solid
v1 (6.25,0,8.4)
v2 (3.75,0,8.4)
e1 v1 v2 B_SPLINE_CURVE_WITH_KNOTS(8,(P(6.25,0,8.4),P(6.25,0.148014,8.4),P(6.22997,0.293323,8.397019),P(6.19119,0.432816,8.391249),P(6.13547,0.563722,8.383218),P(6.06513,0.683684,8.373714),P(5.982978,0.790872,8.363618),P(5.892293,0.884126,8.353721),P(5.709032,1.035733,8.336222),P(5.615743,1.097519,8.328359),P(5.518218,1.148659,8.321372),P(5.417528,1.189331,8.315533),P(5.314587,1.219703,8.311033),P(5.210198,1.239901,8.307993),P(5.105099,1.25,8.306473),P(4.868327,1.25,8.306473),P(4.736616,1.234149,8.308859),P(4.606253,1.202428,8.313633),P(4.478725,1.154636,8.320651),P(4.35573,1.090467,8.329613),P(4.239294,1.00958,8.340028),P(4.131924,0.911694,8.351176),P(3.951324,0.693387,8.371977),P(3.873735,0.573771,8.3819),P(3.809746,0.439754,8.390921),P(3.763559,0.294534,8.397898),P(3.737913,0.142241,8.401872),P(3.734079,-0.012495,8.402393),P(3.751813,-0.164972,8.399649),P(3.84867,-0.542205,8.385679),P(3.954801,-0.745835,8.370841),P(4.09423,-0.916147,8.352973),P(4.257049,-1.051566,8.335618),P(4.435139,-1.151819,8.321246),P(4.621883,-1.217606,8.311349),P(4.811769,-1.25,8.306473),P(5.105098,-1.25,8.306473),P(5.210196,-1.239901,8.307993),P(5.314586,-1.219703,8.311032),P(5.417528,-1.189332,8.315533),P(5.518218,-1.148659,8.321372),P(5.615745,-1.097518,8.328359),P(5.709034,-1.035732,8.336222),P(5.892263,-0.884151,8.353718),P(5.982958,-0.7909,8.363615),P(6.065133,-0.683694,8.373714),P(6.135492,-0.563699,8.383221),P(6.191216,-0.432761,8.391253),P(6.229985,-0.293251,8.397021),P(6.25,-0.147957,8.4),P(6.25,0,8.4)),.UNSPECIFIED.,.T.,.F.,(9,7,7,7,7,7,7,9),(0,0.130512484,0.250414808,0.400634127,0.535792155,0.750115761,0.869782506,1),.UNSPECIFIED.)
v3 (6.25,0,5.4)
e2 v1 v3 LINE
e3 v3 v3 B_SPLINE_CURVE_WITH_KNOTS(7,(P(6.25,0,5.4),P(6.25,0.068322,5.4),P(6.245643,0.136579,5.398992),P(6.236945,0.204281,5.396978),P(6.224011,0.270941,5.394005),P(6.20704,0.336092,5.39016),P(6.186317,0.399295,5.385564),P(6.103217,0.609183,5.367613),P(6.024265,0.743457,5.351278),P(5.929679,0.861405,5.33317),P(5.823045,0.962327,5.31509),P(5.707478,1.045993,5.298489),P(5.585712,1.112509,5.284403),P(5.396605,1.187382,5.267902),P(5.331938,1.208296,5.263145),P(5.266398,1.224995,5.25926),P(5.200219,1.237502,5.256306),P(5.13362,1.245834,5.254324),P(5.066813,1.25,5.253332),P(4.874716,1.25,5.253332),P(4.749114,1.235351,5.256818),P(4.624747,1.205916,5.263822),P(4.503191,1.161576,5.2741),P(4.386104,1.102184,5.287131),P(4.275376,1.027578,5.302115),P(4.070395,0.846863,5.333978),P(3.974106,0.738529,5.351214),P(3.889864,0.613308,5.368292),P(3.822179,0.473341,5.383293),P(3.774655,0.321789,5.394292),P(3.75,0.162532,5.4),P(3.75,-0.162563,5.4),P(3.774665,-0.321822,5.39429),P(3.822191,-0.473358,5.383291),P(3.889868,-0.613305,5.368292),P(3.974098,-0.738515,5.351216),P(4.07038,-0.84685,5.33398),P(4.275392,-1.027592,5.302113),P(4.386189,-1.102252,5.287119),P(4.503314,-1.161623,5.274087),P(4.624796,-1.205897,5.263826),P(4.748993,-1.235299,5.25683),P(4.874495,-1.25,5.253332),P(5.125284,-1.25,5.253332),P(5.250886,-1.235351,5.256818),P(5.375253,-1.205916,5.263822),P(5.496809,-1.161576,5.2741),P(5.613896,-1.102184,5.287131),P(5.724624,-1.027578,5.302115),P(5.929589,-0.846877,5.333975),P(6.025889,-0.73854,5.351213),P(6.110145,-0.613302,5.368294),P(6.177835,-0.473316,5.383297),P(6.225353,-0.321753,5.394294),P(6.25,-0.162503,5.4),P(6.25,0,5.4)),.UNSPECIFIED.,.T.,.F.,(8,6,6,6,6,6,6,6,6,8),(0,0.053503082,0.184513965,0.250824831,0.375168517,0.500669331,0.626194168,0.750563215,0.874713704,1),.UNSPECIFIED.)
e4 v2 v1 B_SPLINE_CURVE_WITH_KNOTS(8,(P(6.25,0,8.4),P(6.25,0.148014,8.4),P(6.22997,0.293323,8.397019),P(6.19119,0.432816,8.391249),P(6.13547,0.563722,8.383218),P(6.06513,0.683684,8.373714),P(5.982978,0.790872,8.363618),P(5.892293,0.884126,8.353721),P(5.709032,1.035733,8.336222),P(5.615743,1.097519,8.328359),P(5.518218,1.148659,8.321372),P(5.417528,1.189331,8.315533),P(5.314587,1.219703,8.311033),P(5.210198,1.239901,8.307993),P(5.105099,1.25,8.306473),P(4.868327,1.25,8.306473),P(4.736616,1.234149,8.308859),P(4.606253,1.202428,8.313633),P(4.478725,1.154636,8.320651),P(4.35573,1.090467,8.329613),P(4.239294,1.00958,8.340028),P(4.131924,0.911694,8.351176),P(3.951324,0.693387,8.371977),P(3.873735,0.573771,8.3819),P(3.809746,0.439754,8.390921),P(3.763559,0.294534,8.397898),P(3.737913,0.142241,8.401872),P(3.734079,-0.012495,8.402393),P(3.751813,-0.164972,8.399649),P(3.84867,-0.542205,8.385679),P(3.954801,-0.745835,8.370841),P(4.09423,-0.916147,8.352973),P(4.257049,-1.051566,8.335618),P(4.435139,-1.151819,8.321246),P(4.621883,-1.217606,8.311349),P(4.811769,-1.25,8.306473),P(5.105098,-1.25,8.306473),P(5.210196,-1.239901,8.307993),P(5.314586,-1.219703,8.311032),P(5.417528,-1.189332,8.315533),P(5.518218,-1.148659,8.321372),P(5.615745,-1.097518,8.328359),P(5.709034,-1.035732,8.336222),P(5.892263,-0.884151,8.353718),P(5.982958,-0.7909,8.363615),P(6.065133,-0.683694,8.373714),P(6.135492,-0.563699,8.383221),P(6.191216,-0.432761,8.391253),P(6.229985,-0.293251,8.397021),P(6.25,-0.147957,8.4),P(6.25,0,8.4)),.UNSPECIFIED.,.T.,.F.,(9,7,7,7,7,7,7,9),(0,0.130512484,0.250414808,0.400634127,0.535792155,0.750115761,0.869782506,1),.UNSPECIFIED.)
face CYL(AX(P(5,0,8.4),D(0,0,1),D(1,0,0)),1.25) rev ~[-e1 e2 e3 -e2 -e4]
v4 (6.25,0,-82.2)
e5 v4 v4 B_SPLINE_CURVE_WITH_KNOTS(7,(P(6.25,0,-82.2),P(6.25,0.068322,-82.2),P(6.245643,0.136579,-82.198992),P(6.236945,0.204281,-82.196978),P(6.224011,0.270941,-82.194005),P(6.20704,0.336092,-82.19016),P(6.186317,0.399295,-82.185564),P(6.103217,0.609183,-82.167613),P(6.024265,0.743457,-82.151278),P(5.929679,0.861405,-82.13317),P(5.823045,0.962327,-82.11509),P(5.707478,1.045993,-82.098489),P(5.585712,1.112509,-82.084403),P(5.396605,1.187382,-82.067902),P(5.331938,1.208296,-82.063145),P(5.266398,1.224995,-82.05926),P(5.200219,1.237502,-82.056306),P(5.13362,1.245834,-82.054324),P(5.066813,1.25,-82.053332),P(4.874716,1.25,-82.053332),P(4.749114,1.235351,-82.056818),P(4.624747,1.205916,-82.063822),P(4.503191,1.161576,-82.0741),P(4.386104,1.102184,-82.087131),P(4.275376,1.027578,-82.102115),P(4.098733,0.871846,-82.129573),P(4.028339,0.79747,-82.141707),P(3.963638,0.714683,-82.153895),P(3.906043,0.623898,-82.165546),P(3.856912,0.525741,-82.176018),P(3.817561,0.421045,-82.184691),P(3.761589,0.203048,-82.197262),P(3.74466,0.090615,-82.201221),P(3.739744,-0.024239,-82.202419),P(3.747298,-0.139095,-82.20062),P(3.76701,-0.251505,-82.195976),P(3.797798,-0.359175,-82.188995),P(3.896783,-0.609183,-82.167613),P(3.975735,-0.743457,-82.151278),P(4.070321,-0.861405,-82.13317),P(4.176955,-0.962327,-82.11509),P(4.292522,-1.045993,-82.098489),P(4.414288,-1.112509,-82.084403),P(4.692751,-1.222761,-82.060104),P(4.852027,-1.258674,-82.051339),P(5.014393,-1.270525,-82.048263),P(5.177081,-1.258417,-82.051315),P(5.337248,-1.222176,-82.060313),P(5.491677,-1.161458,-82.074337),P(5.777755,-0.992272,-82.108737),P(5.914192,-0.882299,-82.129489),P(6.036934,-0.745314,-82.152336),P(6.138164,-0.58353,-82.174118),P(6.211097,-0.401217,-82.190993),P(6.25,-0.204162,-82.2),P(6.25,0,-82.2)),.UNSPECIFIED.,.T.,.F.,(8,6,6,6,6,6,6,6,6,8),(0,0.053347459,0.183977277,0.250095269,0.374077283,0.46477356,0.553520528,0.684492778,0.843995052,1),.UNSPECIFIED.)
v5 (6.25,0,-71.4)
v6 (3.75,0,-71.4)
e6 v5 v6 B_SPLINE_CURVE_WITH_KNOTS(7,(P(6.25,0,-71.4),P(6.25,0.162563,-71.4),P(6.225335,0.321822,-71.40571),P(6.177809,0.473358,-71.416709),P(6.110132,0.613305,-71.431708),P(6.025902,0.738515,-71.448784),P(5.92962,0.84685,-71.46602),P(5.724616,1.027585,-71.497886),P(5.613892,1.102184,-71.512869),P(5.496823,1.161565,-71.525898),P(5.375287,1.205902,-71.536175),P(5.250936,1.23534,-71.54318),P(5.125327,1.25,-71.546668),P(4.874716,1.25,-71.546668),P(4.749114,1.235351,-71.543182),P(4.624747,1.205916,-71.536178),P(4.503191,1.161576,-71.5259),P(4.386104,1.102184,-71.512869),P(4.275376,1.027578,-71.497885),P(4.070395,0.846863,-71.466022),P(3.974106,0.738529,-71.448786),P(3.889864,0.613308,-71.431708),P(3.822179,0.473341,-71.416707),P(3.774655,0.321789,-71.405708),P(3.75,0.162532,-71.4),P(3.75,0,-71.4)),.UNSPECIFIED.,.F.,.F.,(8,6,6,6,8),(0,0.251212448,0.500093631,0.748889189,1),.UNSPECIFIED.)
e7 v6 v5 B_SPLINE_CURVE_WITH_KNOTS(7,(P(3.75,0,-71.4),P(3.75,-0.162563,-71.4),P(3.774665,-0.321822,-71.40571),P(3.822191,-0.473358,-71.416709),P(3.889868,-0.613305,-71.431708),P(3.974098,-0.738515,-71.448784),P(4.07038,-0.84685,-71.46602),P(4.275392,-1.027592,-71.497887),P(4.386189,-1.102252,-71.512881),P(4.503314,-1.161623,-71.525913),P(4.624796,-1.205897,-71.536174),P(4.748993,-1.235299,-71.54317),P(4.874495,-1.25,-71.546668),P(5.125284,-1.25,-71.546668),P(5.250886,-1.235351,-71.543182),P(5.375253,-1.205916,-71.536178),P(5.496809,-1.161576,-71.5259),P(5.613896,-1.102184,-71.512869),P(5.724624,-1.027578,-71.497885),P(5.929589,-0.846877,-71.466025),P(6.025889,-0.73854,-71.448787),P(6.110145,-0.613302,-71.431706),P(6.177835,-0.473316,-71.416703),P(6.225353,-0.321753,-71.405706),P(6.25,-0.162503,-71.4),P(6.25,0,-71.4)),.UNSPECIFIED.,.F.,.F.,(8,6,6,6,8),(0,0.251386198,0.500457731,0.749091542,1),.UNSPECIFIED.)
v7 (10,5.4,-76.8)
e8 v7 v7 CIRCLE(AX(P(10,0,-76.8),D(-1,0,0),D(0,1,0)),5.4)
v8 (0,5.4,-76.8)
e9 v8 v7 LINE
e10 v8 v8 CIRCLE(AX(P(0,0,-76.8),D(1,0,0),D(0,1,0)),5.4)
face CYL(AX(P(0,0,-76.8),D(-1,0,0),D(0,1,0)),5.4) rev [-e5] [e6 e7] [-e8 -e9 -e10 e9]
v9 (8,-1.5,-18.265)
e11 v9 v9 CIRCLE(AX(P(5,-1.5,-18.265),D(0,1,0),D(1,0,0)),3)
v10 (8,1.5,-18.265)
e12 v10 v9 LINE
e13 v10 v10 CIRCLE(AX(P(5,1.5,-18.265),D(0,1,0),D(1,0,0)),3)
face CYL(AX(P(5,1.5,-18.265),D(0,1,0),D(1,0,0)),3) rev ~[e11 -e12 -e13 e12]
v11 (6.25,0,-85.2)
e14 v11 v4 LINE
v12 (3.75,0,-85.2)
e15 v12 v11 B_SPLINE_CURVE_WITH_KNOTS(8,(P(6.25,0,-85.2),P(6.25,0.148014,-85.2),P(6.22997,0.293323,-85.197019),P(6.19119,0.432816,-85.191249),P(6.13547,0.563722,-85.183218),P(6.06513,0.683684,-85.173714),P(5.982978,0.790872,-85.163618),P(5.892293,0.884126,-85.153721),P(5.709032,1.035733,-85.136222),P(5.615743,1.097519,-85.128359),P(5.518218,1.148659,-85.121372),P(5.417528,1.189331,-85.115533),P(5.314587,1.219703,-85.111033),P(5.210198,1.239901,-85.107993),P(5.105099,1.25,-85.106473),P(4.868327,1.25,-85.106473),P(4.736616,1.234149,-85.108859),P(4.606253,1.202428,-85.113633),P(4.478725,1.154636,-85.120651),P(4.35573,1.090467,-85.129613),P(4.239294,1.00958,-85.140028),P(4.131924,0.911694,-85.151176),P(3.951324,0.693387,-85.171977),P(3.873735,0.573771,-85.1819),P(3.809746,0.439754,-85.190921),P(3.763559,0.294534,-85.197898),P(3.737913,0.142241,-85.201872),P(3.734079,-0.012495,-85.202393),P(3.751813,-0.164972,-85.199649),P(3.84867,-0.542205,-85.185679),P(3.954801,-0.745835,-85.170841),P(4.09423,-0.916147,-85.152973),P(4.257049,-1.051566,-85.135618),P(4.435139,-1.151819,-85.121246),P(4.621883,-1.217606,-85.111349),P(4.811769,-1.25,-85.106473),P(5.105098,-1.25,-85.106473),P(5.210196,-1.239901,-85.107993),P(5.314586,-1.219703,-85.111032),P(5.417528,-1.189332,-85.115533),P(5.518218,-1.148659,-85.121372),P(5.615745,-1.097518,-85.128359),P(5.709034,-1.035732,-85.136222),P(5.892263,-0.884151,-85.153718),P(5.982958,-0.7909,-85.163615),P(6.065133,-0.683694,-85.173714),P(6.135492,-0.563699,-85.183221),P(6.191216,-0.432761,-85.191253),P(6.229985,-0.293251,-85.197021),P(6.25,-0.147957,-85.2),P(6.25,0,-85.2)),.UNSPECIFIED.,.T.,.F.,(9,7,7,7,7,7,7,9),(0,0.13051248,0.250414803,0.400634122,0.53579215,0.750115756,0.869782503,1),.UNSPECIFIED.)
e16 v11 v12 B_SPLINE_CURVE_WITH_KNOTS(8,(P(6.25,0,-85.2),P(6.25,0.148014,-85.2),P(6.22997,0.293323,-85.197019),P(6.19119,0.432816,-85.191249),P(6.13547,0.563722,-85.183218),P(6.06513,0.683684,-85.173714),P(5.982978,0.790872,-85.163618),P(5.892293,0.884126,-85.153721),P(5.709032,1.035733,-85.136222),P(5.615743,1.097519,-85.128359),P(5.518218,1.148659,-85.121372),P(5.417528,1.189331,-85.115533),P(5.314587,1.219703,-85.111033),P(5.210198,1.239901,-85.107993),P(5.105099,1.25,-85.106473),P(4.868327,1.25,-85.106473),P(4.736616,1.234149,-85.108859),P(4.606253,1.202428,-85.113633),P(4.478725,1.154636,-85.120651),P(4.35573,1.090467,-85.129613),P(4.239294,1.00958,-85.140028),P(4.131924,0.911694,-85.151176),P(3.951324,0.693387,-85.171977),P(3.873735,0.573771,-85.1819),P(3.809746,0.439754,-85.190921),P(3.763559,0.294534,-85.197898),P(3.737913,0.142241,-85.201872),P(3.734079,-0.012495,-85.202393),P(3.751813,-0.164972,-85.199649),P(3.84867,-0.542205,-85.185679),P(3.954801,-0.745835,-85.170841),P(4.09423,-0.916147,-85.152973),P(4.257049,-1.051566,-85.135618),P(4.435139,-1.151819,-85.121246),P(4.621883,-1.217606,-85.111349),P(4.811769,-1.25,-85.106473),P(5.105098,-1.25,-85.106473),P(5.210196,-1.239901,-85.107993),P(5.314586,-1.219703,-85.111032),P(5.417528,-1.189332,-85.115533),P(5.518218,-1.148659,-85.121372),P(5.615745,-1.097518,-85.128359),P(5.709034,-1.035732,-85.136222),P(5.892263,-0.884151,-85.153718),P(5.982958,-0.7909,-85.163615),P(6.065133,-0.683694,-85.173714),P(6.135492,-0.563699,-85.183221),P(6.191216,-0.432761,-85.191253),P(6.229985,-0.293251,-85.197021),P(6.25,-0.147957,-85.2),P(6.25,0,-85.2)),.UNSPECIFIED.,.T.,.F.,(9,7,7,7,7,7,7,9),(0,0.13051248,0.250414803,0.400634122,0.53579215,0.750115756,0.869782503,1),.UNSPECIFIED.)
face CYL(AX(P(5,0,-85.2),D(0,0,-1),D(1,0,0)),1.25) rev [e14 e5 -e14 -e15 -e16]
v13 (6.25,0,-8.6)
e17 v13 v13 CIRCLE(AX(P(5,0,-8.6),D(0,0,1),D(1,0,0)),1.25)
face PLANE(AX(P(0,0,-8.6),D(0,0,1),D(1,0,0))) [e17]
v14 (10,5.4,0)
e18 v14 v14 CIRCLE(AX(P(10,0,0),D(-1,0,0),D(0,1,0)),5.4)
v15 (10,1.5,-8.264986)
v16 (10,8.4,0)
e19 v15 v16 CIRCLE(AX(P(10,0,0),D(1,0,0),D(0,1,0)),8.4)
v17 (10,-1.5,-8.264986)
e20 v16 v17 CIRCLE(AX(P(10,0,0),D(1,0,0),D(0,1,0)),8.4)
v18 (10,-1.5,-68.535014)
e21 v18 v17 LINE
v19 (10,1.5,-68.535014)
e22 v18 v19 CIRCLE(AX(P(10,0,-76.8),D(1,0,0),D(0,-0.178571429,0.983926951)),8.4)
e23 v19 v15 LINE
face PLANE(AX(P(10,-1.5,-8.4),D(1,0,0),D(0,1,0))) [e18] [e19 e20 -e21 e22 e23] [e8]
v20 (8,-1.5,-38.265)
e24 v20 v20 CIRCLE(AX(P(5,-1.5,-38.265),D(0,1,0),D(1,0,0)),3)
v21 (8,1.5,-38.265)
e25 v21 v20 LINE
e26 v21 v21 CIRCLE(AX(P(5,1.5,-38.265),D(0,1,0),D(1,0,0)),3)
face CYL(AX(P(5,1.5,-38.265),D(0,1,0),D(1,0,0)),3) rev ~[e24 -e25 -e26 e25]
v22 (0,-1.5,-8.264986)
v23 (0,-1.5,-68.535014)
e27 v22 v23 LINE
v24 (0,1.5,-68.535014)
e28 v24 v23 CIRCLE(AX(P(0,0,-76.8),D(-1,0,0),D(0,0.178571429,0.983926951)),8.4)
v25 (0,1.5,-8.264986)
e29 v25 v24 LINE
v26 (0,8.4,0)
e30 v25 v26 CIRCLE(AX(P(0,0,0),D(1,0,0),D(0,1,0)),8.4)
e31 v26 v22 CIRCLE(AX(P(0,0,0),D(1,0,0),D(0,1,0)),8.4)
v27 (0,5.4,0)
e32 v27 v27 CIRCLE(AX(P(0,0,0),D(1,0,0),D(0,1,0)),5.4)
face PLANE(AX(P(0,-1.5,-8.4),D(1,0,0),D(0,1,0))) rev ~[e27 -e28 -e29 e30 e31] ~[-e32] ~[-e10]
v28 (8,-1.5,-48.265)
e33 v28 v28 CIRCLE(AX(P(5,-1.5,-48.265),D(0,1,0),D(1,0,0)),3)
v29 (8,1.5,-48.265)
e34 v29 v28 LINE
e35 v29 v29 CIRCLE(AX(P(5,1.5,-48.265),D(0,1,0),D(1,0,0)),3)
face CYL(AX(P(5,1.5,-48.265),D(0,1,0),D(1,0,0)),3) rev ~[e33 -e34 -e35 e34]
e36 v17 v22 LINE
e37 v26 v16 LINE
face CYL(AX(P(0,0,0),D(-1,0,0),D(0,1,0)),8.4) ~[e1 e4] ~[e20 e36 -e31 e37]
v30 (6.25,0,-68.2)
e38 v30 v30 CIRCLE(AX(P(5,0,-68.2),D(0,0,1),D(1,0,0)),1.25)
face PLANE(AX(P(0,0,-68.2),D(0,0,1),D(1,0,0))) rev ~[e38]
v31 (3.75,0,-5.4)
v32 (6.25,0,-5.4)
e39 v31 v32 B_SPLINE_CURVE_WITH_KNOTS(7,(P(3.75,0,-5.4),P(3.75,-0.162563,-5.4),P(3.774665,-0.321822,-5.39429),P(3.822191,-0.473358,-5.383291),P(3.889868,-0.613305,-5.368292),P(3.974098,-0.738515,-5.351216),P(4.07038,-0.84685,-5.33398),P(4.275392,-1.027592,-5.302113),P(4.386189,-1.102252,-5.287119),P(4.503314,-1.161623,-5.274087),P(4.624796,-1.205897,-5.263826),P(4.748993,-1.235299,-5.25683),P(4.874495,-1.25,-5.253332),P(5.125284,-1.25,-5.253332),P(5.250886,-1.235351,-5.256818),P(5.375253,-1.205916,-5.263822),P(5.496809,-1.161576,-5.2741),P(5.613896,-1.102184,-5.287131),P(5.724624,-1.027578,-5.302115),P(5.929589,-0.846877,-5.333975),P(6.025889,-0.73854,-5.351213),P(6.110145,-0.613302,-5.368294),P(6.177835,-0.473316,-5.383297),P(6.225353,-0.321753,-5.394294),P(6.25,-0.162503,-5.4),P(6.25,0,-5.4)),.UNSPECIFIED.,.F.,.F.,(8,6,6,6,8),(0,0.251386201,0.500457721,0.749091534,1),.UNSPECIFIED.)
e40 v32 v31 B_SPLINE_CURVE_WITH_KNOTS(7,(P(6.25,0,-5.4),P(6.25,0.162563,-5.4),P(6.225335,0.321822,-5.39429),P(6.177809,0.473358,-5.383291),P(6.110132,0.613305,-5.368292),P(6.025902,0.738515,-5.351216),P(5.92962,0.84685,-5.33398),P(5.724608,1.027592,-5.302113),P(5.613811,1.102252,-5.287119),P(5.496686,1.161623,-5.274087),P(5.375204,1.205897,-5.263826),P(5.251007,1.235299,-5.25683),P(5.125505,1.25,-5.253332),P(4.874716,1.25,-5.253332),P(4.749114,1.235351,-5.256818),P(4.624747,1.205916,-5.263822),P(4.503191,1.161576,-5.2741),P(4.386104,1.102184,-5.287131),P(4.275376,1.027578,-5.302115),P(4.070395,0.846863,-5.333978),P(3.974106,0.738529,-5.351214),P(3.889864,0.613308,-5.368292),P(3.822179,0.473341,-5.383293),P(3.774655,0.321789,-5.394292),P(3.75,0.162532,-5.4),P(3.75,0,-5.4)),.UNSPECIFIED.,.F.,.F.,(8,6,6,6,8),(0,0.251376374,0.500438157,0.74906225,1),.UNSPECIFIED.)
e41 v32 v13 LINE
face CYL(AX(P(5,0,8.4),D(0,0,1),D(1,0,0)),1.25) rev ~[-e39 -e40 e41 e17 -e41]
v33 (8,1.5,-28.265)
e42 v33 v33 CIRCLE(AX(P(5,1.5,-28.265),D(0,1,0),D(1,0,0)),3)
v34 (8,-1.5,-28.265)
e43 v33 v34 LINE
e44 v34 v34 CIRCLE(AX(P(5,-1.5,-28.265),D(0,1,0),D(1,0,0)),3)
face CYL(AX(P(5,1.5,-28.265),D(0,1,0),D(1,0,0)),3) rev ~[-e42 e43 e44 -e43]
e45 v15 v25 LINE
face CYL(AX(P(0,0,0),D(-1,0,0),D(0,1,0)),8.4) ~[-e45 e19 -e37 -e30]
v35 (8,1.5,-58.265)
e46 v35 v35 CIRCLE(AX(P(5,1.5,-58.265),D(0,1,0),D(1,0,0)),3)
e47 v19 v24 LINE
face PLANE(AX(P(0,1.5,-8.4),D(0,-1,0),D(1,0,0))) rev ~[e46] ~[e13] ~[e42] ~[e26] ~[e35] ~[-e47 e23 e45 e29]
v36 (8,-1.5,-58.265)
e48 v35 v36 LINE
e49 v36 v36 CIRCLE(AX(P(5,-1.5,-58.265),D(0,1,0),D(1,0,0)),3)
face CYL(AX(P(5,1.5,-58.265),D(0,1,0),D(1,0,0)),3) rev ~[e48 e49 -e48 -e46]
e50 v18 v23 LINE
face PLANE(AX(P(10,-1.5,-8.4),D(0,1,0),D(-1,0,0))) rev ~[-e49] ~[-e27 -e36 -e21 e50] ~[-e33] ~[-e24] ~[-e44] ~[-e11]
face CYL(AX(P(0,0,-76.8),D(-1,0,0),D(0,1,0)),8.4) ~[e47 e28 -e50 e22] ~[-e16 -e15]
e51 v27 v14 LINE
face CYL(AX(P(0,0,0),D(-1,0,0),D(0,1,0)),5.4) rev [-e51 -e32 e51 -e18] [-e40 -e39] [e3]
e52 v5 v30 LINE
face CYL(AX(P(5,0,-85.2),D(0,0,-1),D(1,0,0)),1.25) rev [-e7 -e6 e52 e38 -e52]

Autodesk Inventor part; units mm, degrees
ref_plane "YZ Plane" through (0, 0, 0) normal (1, 0, 0) x (0, 1, 0)
sketch "스케치1" plane through (0, 0, 0) normal (1, 0, 0) x (0, 1, 0)
  circle A0 centre (0, 0) radius 5.4
  circle A1 centre (0, 0) radius 8.4
  line L0 (34.8065, -38.4) -> (-35.3174, -38.4) construction
  circle A2 centre (0, -76.8) radius 5.4
  circle A3 centre (0, -76.8) radius 8.4
  dimension "d0" = 10.8
  dimension "d1" = 16.8
  dimension "d4" = 38.4
extrude "돌출1" add sketch "스케치1" along normal blind 10
ref_plane "작업 평면1" through (0, 0, -8.4) normal (0, 0, 1) x (1, 0, 0)
sketch "스케치2" plane through (0, 0, -8.4) normal (0, 0, 1) x (1, 0, 0)
  line L0 (10, -8.4) -> (10, 8.4) projected
  line L1 (0, -8.4) -> (0, 8.4) projected
  line L2 (0, 8.4) -> (10, 8.4) projected
  line L3 (0, -8.4) -> (10, -8.4) projected
  line L4 (0, -8.4) -> (0, 8.4) projected
  line L5 (10, -1.5) -> (0, -1.5)
  line L6 (0, -1.5) -> (0, 1.5)
  line L7 (0, 1.5) -> (10, 1.5)
  line L8 (10, 1.5) -> (10, -1.5)
  line L9 (10, -1.5) -> (0, 1.5) construction
  line L10 (0, -1.5) -> (10, 1.5) construction
  point P0 (0, 0)
  point P1 (5, 0)
  point P2 (0, -1.5)
  dimension "d6" = 8.4
  dimension "d7" = 3
  dimension "d12" = 10
extrude "돌출2" add sketch "스케치2" along normal blind 3 contours L5 L1 L7 L0
extrude "돌출3" add sketch "스케치2" against normal blind 63 contours L5 L1 L7 L0
sketch "스케치4" plane through (0, 1.5, -8.265) normal (0, 1, 0) x (1, 0, 0)
  line L0 (0, 0) -> (0, 60.27) projected
  line L1 (10, 0) -> (0, 0) projected
  line L2 (0, 60.27) -> (10, 60.27) projected
  line L3 (10, 0) -> (10, 60.27) projected
  line L4 (0, 60.27) -> (0, 0) projected
  line L5 (5, -0.4) -> (5, 39.3864) construction
  circle A0 centre (5, 30) radius 3
  circle A1 centre (5, 40) radius 3
  circle A2 centre (5, 50) radius 3
  circle A3 centre (5, 20) radius 3
  circle A4 centre (5, 10) radius 3
  point P0 (0, -8.265)
  dimension "d22" = 6
  dimension "d23" = 30
  dimension "d26" = 10
  dimension "d33" = 10
ref_plane "작업 평면3" through (0, 0, -8.4) normal (0, 0, 1) x (1, 0, 0)
ref_plane "작업 평면4" through (0, 0, -68.4) normal (0, 0, 1) x (1, 0, 0)
extrude "돌출4" cut sketch "스케치4" against normal blind 10 contours A0 | A1 | A2 | A3 | A4
ref_plane "작업 평면6" through (0, 0, -85.2) normal (0, 0, 1) x (1, 0, 0)
ref_plane "작업 평면5" through (0, 0, 8.4) normal (0, 0, 1) x (1, 0, 0)
sketch "스케치5" plane through (0, 0, 8.4) normal (0, 0, 1) x (1, 0, 0)
  line L0 (10, 1.5) -> (0, 1.5) projected
  line L1 (0, 1.5) -> (0, -1.5) projected
  line L2 (0, -1.5) -> (10, -1.5) projected
  line L3 (10, 1.5) -> (10, -1.5) projected
  line L4 (0, 8.4) -> (10, 8.4) projected
  line L5 (0, -8.4) -> (0, 8.4) projected
  line L6 (10, -8.4) -> (10, 8.4) projected
  line L7 (0, -8.4) -> (10, -8.4) projected
  circle A0 centre (5, 0) radius 1.25
  point P0 (0, 0)
  dimension "d40" = 2.5
  dimension "d41" = 5
  dimension "d42" = 8.4
sketch "스케치6" plane through (0, 0, -85.2) normal (0, 0, 1) x (1, 0, 0)
  circle A0 centre (5, 0) radius 1.25
  line L0 (0, 8.4) -> (10, 8.4) projected
  line L1 (10, -8.4) -> (10, 8.4) projected
  line L2 (10, -1.5) -> (0, -1.5) projected
  line L3 (0, -1.5) -> (0, 1.5) projected
  line L4 (0, 1.5) -> (10, 1.5) projected
  line L5 (10, -1.5) -> (10, 1.5) projected
  line L6 (2, 1.5) -> (2, -1.5) projected
  line L7 (0, -8.4) -> (0, 8.4) projected
  point P0 (0, 0)
  dimension "d46" = 2.5
  dimension "d47" = 8.4
  dimension "d48" = 5
extrude "돌출5" cut sketch "스케치6" along normal blind 17 contours A0
extrude "돌출6" cut sketch "스케치5" against normal blind 17 contours A0
properties part number "link"
